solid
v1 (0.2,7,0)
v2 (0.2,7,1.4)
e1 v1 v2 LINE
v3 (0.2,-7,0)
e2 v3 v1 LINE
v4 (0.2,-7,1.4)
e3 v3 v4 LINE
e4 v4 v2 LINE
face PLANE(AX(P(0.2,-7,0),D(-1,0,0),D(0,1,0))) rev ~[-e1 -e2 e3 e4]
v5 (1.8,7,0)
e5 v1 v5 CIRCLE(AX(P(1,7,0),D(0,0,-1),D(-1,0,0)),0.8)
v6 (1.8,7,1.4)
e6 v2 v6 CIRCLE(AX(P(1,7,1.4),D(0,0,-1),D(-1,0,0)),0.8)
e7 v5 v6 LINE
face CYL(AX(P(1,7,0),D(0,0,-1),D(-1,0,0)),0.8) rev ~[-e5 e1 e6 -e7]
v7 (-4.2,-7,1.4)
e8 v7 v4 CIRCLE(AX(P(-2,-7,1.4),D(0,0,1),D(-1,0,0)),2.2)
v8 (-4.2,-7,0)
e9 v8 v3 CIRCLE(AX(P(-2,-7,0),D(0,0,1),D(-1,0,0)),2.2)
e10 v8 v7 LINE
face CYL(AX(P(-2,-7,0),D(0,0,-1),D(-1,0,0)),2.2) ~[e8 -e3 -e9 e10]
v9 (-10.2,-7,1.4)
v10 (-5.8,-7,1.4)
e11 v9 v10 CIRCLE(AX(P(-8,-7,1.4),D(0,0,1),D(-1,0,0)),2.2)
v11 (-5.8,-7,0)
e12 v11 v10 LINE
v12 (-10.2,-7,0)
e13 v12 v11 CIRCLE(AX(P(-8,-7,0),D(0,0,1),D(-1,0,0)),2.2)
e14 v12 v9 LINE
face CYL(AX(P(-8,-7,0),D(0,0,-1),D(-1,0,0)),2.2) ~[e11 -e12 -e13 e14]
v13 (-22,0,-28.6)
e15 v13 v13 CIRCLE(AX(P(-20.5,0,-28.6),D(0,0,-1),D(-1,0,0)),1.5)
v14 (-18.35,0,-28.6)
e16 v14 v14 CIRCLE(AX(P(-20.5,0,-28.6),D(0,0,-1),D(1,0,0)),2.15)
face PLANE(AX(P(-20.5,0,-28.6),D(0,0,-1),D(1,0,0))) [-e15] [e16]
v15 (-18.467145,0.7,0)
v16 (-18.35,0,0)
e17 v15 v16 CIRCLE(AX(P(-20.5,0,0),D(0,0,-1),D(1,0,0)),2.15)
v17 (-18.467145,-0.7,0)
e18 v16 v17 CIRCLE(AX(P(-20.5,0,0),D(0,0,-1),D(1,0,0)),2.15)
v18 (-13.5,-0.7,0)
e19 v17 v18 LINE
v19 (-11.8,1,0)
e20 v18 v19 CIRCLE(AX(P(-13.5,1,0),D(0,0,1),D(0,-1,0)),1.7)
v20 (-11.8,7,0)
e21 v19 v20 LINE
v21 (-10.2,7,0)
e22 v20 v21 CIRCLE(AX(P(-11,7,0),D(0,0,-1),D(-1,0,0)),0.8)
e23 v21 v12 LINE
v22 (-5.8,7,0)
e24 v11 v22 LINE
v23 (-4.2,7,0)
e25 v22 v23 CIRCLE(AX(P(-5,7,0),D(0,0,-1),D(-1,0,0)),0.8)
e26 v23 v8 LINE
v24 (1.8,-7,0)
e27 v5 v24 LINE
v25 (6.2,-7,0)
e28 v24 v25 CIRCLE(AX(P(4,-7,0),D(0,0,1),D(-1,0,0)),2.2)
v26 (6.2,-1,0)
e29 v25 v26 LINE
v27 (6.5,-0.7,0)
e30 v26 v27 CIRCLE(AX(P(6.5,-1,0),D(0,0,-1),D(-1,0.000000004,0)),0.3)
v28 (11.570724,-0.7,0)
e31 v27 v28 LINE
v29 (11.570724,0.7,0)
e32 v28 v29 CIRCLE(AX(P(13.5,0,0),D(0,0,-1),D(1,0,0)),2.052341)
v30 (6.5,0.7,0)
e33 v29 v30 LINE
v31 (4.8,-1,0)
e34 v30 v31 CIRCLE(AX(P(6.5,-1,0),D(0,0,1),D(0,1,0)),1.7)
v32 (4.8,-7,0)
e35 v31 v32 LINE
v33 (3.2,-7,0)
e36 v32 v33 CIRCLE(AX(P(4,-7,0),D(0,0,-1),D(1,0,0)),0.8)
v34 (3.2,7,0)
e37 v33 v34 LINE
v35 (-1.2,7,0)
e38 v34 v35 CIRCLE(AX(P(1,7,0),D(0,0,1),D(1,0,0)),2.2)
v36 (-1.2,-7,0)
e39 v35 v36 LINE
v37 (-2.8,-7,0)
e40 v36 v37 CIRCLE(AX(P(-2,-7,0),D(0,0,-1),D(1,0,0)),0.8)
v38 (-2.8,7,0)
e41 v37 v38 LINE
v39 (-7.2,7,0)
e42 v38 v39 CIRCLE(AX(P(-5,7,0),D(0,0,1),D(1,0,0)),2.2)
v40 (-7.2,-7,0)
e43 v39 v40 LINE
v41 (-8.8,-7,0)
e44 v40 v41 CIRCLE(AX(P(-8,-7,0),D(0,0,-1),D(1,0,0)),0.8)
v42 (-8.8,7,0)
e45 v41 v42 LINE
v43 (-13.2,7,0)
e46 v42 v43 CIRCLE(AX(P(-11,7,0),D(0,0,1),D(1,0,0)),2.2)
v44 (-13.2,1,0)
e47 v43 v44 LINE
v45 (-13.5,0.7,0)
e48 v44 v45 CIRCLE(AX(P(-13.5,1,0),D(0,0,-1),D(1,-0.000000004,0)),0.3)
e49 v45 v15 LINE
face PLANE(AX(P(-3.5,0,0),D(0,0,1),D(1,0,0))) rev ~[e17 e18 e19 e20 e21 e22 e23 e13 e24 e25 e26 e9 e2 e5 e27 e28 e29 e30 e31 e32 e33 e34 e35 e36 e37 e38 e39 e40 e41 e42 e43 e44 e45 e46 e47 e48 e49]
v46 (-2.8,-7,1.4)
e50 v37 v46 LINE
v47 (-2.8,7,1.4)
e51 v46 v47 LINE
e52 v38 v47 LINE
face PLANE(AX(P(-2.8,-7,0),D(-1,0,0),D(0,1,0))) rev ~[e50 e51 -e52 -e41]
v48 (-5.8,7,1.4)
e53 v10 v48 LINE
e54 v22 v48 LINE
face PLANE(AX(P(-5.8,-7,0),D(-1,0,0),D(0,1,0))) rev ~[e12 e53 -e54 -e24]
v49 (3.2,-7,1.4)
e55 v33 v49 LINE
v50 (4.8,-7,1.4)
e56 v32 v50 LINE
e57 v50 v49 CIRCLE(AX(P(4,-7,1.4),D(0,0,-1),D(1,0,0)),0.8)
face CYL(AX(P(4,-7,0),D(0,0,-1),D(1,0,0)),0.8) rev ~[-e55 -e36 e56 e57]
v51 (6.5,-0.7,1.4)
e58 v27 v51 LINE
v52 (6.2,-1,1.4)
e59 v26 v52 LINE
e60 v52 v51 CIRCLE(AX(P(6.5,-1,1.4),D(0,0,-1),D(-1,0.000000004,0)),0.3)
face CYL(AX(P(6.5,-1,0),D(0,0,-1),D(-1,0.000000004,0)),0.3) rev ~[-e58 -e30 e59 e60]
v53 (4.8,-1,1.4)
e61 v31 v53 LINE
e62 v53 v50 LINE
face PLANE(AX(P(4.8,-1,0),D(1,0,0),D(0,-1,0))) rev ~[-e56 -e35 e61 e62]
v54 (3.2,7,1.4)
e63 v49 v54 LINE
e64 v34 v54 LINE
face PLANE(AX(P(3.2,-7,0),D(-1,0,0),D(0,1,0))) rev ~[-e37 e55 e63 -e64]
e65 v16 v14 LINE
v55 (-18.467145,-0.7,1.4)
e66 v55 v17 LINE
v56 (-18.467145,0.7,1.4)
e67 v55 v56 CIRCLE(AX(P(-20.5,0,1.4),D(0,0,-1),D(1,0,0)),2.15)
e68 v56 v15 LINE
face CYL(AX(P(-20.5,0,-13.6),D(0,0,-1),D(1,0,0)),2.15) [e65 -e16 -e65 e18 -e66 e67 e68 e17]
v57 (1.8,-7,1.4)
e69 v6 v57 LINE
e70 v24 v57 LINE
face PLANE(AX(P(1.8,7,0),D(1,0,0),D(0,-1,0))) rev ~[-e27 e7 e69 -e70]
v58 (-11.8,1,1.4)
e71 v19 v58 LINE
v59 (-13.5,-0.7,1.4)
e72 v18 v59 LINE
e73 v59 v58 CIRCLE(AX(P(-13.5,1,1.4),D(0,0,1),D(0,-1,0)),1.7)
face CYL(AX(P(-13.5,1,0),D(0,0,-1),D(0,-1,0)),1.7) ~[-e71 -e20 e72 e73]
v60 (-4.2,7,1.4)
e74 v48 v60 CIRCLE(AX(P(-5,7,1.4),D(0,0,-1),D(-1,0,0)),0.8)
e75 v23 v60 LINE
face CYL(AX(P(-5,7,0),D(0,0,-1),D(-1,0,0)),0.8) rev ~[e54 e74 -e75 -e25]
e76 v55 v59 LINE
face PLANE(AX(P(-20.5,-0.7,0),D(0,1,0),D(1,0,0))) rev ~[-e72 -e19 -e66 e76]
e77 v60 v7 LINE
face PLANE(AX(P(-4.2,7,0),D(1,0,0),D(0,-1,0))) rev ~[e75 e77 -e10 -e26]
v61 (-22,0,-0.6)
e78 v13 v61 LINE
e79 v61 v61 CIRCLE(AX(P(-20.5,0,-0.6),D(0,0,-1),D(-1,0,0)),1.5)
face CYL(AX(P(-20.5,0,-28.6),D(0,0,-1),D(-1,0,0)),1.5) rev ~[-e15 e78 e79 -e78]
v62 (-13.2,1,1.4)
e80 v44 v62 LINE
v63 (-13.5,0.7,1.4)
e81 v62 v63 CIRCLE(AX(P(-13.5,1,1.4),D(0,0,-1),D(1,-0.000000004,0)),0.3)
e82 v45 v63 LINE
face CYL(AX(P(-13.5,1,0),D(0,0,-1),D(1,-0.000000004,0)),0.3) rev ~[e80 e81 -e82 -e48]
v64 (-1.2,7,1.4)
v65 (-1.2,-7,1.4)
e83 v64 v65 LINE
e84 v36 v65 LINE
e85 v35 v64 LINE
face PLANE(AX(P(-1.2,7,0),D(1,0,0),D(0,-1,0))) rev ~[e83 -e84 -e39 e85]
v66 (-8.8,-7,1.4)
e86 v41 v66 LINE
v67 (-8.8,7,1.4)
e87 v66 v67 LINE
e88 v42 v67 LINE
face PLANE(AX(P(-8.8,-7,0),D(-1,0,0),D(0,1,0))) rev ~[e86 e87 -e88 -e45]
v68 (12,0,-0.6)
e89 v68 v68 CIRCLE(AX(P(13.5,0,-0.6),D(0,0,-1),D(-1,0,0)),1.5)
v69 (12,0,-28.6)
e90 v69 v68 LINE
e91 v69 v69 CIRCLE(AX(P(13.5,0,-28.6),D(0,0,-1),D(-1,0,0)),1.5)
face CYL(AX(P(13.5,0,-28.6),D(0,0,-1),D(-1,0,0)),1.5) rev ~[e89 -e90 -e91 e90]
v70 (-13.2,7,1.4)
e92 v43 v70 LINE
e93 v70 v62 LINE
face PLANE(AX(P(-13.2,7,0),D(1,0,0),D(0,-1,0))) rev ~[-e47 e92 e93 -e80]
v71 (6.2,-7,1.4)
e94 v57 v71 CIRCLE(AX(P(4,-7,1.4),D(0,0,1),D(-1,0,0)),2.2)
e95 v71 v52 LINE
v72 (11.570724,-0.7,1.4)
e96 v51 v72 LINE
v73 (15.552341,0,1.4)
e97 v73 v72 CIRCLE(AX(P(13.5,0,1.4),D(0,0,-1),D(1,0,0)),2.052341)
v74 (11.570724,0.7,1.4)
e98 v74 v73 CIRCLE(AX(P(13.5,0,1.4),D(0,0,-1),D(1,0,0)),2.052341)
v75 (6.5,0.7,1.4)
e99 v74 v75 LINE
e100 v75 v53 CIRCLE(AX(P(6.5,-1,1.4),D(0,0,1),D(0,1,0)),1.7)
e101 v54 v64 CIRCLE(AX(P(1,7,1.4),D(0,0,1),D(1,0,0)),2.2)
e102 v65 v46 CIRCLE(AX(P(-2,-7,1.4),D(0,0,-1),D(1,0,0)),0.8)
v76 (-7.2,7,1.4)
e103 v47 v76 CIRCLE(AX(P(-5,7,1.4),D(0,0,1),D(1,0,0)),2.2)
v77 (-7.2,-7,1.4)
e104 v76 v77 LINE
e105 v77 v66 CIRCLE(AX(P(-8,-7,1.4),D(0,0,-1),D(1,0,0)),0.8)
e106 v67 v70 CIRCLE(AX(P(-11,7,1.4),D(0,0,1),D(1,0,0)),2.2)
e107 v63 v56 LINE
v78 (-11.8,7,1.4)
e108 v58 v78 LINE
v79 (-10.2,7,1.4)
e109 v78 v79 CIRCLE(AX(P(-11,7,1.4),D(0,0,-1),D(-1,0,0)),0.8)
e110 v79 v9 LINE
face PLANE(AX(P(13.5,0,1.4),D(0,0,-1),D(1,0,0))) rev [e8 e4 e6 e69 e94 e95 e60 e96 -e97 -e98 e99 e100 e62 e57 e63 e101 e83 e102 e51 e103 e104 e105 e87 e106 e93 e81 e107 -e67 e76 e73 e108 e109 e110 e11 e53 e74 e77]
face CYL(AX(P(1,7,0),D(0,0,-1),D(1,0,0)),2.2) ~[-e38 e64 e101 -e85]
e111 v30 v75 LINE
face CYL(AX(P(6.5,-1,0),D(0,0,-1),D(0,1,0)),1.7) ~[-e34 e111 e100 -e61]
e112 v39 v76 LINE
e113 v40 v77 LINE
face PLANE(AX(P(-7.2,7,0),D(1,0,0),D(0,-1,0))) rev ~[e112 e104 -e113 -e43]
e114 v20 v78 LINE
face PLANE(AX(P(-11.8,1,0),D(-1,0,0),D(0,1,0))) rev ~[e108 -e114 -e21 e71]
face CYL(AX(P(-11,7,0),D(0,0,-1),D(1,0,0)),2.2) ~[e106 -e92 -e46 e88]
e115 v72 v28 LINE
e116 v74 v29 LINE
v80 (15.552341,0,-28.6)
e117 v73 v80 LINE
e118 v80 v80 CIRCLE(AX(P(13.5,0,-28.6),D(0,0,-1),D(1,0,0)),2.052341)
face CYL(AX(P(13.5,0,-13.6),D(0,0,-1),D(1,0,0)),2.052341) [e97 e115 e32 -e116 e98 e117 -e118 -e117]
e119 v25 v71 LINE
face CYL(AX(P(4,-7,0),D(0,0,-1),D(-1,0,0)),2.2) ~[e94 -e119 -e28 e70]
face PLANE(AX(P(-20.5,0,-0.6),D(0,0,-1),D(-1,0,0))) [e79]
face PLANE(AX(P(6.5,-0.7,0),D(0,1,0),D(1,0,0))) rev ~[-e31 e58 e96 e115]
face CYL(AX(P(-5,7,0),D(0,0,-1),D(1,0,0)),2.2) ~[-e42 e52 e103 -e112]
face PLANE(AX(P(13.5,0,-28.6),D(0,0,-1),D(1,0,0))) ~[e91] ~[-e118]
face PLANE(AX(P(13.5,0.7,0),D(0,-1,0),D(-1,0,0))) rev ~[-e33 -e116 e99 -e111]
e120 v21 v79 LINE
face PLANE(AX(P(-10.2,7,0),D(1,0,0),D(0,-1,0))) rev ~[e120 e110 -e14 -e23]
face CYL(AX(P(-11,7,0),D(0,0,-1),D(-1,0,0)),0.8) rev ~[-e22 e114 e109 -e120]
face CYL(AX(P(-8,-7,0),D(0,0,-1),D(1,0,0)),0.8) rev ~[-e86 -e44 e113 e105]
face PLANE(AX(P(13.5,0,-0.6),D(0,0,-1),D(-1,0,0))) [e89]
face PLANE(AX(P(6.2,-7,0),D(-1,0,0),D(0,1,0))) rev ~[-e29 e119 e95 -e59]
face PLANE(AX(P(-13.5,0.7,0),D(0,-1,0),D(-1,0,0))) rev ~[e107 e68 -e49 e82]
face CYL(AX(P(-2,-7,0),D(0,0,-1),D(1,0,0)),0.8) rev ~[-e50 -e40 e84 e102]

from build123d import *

# Parameters (mm, degrees)
BOSS_EXTRUDE1_DEPTH = 1.4
SKETCH3_W           = 2.15
SKETCH3_H           = 30
SKETCH4_W           = 2.052341434
SKETCH4_H           = 30
SKETCH5_R           = 1.5
CUT_EXTRUDE1_DEPTH  = 28


with BuildPart() as part:
    # Sketch2 → Boss-Extrude1 (new body)
    with BuildSketch(Plane.XY):
        with BuildLine():
            Line((-20.5, -0.7), (-13.5, -0.7))
            ThreePointArc((-13.5, -0.7), (-12.297918472, -0.202081528), (-11.8, 1))
            Line((-11.8, 1), (-11.8, 7))
            ThreePointArc((-11.8, 7), (-11, 7.8), (-10.2, 7))
            Line((-10.2, 7), (-10.2, 0))
            Line((-10.2, 0), (-10.2, -7))
            ThreePointArc((-10.2, -7), (-8, -9.2), (-5.8, -7))
            Line((-5.8, -7), (-5.8, 0))
            Line((-5.8, 0), (-5.8, 7))
            ThreePointArc((-5.8, 7), (-5, 7.8), (-4.2, 7))
            Line((-4.2, 7), (-4.2, 0))
            Line((-4.2, 0), (-4.2, -7))
            ThreePointArc((-4.2, -7), (-2, -9.2), (0.2, -7))
            Line((0.2, -7), (0.2, 0))
            Line((0.2, 0), (0.2, 7))
            ThreePointArc((0.2, 7), (1, 7.8), (1.8, 7))
            Line((1.8, 7), (1.8, 0))
            Line((1.8, 0), (1.8, -7))
            ThreePointArc((1.8, -7), (4, -9.2), (6.2, -7))
            Line((6.2, -7), (6.2, -1))
            ThreePointArc((6.2, -1), (6.287867966, -0.787867966), (6.5, -0.7))
            Line((6.5, -0.7), (13.5, -0.7))
            ThreePointArc((13.5, -0.7), (14.2, 0), (13.5, 0.7))
            Line((13.5, 0.7), (6.5, 0.7))
            ThreePointArc((6.5, 0.7), (5.297918472, 0.202081528), (4.8, -1))
            Line((4.8, -1), (4.8, -7))
            ThreePointArc((4.8, -7), (4, -7.8), (3.2, -7))
            Line((3.2, -7), (3.2, 0))
            Line((3.2, 0), (3.2, 7))
            ThreePointArc((3.2, 7), (1, 9.2), (-1.2, 7))
            Line((-1.2, 7), (-1.2, 0))
            Line((-1.2, 0), (-1.2, -7))
            ThreePointArc((-1.2, -7), (-2, -7.8), (-2.8, -7))
            Line((-2.8, -7), (-2.8, 0))
            Line((-2.8, 0), (-2.8, 7))
            ThreePointArc((-2.8, 7), (-5, 9.2), (-7.2, 7))
            Line((-7.2, 7), (-7.2, 0))
            Line((-7.2, 0), (-7.2, -7))
            ThreePointArc((-7.2, -7), (-8, -7.8), (-8.8, -7))
            Line((-8.8, -7), (-8.8, 0))
            Line((-8.8, 0), (-8.8, 7))
            ThreePointArc((-8.8, 7), (-11, 9.2), (-13.2, 7))
            Line((-13.2, 7), (-13.2, 1))
            ThreePointArc((-13.2, 1), (-13.287867966, 0.787867966), (-13.5, 0.7))
            Line((-13.5, 0.7), (-20.5, 0.7))
            ThreePointArc((-20.5, 0.7), (-21.2, 0), (-20.5, -0.7))
        make_face()
    extrude(amount=BOSS_EXTRUDE1_DEPTH)

    # Sketch3 → Revolve1 (revolve)
    with BuildSketch(Plane(origin=(0, 0, 0), x_dir=(1, 0, 0), z_dir=(0, 1, 0)), mode=Mode.PRIVATE) as revolve1_sk:
        with Locations((-21.575, 13.6)):
            Rectangle(SKETCH3_W, SKETCH3_H)
    revolve(revolve1_sk.sketch.rotate(Axis((-20.5, 0, 1.4), (0, 0, -1)), 180), axis=Axis((-20.5, 0, 1.4), (0, 0, -1)))

    # Sketch4 → Revolve2 (revolve)
    with BuildSketch(Plane(origin=(0, 0, 0), x_dir=(1, 0, 0), z_dir=(0, 1, 0))):
        with Locations((14.526170717, 13.6)):
            Rectangle(SKETCH4_W, SKETCH4_H)
    revolve(axis=Axis((13.5, 0, 1.4), (0, 0, -1)))

    # Sketch5 → Cut-Extrude1 (cut)
    with BuildSketch(Plane(origin=(0, 0, -28.6), x_dir=(-1, 0, 0), z_dir=(0, 0, -1))):
        with Locations((-13.5, 0)):
            Circle(SKETCH5_R)
        with Locations((20.5, 0)):
            Circle(SKETCH5_R)
    extrude(amount=-CUT_EXTRUDE1_DEPTH, mode=Mode.SUBTRACT)


solid = part.part
